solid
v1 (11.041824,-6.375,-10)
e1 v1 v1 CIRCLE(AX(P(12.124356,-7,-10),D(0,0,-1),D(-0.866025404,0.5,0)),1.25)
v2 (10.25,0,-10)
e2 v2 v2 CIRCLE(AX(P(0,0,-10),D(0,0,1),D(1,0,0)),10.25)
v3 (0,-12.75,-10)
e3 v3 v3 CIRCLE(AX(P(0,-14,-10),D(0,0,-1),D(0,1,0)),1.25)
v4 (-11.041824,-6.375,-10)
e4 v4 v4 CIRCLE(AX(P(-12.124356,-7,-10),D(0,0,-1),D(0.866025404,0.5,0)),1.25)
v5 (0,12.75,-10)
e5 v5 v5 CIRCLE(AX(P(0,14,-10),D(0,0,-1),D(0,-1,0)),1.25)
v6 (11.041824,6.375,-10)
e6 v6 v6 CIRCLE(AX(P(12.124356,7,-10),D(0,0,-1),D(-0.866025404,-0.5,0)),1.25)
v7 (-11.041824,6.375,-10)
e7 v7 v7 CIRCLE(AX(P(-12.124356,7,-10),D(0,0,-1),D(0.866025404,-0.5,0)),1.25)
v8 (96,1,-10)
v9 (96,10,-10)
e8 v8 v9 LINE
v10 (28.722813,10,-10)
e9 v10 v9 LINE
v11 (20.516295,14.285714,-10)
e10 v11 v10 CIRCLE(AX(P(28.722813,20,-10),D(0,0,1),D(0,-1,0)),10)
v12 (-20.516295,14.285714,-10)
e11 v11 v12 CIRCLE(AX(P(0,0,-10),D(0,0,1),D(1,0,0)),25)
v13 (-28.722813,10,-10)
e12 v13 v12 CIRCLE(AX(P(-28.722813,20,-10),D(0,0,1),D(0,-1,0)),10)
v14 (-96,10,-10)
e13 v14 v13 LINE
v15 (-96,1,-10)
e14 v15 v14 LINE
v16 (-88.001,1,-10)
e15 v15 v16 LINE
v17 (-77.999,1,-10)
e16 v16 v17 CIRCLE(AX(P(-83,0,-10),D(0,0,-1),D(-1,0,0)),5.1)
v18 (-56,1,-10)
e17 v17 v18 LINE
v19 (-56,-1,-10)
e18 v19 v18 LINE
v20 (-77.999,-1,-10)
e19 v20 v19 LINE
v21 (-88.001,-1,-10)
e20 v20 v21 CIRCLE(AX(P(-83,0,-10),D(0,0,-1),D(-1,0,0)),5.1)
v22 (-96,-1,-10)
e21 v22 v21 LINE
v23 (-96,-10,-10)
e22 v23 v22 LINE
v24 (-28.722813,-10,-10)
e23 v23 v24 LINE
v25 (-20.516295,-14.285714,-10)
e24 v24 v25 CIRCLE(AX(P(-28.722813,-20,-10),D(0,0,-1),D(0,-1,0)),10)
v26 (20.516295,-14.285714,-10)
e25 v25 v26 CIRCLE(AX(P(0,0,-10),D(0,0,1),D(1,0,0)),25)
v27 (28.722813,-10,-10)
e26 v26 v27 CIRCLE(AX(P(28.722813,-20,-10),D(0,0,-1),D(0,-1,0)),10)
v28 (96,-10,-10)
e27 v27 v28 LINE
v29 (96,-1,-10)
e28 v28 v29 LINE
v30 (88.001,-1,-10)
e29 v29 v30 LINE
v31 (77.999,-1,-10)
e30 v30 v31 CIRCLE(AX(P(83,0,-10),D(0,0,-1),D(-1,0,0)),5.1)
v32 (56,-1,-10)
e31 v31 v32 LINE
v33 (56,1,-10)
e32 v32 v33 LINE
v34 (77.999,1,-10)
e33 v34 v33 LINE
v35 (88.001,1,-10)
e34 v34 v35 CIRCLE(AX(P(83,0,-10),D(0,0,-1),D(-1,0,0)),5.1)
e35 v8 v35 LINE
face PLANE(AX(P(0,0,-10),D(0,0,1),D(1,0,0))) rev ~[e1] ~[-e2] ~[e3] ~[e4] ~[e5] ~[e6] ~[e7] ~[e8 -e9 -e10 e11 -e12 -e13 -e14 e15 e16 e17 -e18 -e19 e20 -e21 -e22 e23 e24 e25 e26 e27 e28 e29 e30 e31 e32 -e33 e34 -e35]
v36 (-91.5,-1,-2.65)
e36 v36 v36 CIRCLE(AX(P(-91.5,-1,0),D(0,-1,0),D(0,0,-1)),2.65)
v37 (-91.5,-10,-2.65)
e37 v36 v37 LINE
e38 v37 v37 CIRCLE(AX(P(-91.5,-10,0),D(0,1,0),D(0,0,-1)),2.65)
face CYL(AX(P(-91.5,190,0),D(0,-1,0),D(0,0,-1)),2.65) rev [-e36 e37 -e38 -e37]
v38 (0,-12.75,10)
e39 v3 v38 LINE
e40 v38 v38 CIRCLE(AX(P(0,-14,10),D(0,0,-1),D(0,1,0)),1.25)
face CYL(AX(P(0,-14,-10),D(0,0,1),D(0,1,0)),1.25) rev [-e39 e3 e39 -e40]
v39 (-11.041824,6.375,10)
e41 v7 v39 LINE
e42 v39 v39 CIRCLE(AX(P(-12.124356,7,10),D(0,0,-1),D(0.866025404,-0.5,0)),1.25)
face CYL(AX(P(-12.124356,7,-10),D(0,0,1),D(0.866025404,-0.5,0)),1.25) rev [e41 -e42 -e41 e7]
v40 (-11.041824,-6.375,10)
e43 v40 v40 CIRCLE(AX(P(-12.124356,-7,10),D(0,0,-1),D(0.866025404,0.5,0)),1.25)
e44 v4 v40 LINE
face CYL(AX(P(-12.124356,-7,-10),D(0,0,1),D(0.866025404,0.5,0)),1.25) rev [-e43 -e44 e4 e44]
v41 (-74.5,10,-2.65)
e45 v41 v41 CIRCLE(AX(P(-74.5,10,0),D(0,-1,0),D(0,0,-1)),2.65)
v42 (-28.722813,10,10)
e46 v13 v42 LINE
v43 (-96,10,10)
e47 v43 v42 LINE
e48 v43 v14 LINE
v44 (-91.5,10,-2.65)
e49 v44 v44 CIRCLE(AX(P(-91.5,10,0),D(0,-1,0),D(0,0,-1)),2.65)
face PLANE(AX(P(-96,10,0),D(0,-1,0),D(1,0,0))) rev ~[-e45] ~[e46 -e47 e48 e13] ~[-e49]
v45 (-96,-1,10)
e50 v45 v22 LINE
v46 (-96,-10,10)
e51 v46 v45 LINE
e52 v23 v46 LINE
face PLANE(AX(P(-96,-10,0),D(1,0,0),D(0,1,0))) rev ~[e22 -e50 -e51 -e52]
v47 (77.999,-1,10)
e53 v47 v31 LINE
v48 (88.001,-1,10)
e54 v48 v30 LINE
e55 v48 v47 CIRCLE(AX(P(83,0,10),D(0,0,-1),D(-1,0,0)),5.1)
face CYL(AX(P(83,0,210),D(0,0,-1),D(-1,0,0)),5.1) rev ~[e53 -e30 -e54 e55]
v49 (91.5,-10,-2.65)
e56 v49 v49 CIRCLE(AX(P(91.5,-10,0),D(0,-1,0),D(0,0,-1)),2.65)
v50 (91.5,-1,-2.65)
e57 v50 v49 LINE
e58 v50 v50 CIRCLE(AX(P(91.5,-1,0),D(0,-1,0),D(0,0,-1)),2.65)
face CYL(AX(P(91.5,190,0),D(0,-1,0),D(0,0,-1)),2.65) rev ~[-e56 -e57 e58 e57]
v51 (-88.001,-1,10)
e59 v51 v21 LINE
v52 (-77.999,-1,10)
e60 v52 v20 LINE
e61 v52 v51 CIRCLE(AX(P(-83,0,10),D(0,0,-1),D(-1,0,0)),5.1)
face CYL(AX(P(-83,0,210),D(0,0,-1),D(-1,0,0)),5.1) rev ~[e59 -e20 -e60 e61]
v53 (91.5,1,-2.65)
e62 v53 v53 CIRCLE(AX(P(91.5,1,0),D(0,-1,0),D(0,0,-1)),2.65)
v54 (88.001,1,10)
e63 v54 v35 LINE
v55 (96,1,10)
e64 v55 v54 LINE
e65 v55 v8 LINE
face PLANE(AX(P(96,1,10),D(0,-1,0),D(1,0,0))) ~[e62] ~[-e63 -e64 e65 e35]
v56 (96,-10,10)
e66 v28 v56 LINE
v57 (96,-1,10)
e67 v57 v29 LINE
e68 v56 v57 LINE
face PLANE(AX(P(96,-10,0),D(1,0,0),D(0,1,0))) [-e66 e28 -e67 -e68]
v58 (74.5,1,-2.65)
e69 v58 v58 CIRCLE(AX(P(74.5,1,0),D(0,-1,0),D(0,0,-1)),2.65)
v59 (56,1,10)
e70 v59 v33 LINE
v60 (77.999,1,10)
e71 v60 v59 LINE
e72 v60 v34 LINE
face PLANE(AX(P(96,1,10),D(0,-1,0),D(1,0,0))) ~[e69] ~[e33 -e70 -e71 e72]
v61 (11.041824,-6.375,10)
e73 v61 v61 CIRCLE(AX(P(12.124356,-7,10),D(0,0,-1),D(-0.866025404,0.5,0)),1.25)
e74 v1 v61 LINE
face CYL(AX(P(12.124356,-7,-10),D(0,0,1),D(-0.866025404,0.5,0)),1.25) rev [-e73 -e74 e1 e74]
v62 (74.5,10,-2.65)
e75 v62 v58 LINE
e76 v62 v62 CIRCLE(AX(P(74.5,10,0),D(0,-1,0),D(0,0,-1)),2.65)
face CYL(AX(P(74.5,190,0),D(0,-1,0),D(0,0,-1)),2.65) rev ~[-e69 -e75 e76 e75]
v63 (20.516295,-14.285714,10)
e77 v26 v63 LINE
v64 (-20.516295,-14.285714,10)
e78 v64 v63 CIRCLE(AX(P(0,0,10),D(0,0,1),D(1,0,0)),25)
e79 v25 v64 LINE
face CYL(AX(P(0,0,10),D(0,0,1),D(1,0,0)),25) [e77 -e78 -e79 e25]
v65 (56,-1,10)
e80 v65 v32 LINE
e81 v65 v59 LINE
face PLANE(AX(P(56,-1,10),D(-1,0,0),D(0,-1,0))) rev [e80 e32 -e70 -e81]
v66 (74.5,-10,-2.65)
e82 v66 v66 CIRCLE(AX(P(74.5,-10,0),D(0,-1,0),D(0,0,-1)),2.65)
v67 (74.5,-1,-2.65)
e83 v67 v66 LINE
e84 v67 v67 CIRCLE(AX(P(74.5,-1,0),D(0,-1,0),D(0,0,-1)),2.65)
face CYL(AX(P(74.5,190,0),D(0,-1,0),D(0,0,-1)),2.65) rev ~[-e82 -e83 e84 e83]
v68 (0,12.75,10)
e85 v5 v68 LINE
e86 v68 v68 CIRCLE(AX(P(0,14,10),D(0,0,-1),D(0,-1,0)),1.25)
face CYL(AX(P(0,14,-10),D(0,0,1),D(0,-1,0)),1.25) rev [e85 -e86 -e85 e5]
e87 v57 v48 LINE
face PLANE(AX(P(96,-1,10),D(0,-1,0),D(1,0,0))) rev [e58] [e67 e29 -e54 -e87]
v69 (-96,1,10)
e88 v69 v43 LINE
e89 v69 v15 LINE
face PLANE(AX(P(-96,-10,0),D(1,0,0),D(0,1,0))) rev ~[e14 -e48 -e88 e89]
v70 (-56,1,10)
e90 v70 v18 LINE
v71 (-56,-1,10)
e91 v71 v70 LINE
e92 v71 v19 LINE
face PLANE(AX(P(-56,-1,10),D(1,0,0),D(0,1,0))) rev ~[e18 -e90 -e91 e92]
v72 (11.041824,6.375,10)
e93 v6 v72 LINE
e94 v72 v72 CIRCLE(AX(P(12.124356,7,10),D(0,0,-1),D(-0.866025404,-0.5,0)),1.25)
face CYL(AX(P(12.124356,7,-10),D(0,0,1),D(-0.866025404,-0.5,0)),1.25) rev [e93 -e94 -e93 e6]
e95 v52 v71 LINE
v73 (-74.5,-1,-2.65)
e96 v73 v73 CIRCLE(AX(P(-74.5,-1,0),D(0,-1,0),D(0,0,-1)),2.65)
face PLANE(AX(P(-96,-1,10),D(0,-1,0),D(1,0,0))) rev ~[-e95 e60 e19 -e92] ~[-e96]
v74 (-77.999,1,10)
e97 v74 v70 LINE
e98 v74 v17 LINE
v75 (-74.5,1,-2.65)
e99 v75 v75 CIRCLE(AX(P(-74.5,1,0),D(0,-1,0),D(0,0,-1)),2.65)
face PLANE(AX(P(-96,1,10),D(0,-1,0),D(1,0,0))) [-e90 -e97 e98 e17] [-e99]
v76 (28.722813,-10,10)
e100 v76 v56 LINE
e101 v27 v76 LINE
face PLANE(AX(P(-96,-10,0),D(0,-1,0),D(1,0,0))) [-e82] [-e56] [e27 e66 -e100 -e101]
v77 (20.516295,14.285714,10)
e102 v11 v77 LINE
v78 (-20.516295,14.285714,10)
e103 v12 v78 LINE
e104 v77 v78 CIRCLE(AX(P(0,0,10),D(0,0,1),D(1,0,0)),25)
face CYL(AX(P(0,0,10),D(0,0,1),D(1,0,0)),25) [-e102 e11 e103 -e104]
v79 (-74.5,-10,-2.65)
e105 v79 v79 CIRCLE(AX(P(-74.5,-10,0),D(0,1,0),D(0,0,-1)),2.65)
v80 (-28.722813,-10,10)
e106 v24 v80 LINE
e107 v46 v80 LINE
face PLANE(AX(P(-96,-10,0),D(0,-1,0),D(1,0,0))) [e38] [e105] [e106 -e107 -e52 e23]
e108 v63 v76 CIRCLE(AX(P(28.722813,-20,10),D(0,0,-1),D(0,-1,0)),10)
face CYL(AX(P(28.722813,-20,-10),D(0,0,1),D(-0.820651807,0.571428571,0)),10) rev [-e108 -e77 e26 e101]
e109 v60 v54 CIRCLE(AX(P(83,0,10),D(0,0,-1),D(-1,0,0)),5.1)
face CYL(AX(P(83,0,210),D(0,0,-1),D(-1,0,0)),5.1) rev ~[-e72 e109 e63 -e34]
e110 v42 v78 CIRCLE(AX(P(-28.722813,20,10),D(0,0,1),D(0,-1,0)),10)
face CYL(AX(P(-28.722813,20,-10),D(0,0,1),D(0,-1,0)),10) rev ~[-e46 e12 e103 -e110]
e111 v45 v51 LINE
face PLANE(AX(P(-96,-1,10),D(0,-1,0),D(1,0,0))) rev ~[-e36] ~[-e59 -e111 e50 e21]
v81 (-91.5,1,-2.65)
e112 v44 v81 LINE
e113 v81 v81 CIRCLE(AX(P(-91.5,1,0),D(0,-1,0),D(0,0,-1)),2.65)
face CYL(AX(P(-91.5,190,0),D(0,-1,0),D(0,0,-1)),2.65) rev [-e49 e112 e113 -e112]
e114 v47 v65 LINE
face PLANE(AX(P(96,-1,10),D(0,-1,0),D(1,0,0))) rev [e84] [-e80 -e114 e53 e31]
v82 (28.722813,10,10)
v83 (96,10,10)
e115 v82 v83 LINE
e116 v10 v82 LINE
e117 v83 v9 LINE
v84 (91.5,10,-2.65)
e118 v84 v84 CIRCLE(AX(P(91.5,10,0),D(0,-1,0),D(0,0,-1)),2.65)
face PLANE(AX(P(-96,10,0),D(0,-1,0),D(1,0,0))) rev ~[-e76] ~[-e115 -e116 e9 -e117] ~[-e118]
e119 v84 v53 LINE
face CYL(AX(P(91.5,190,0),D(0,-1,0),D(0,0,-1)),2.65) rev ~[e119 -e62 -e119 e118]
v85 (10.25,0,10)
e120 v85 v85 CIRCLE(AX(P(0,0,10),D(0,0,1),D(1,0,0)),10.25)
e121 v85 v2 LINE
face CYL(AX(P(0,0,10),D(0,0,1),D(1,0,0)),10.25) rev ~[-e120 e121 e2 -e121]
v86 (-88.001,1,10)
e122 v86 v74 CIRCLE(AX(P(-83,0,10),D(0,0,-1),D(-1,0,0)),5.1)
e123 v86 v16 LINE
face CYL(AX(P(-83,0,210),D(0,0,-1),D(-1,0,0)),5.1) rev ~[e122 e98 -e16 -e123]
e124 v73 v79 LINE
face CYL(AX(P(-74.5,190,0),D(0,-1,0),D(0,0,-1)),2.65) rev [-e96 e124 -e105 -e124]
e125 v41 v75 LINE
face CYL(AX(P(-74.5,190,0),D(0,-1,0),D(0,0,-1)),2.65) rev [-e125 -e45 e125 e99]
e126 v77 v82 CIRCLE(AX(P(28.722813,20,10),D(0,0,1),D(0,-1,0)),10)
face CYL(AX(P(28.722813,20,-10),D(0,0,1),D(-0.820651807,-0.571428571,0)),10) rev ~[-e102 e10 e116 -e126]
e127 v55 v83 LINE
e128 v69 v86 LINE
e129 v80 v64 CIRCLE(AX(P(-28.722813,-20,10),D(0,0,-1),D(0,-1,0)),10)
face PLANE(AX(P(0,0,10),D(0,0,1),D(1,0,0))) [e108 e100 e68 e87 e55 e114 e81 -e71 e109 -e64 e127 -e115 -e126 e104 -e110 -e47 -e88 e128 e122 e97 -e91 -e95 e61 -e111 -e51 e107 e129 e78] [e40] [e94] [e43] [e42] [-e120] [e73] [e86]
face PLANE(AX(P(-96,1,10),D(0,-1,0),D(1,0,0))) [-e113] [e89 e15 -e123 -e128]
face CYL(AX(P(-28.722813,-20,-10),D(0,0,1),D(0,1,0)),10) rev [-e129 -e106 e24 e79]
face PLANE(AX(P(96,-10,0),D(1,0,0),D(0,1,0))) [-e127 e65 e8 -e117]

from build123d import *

# Parameters (mm, degrees)
CROQUIS1_W                            = 192
CROQUIS1_H                            = 20
SALIENTE_EXTRUIR1_DEPTH               = 10
TALADRO_DE_MARGEN_PARA_M81_D          = 10.2
TALADRO_DE_MARGEN_PARA_M81_DEPTH      = 200
TALADRO_DE_MARGEN_PARA_M81_TIP        = 3.064389157
CROQUIS5_W                            = 40
CROQUIS5_H                            = 2
CORTAR_EXTRUIR1_DEPTH                 = 20
TALADRO_DE_MARGEN_PARA_M51_AT_2_COUNT = 2
TALADRO_DE_MARGEN_PARA_M51_AT_2_PITCH = 17
CROQUIS10_R                           = 25
SALIENTE_EXTRUIR2_DEPTH               = 20
CROQUIS11_R                           = 10.25
CORTAR_EXTRUIR2_DEPTH                 = 30
REDONDEO1_R                           = 10
MATRIZC1_COUNT                        = 6


with BuildPart() as part:
    # Croquis1 → Saliente-Extruir1 (new, symmetric)
    with BuildSketch(Plane.XY):
        Rectangle(CROQUIS1_W, CROQUIS1_H)
    extrude(amount=SALIENTE_EXTRUIR1_DEPTH, both=True)

    # Taladro de margen para M81
    with Locations(Plane.XY.offset(10)):
        with Locations((-83, 0), (83, 0)):
            Hole(TALADRO_DE_MARGEN_PARA_M81_D / 2, depth=TALADRO_DE_MARGEN_PARA_M81_DEPTH)
            with Locations((0, 0, -(TALADRO_DE_MARGEN_PARA_M81_DEPTH + TALADRO_DE_MARGEN_PARA_M81_TIP / 2))):  # 118° drill point
                Cone(0, TALADRO_DE_MARGEN_PARA_M81_D / 2, TALADRO_DE_MARGEN_PARA_M81_TIP, mode=Mode.SUBTRACT)

    # Croquis5 → Cortar-Extruir1 (cut)
    with BuildSketch(Plane.XY.offset(10)):
        with Locations((-76, 0)):
            Rectangle(CROQUIS5_W, CROQUIS5_H)
    cortar_extruir1 = extrude(amount=-CORTAR_EXTRUIR1_DEPTH, mode=Mode.SUBTRACT)

    # Croquis8 → Taladro de margen para M51 (revolve, cut)
    with BuildSketch(Plane(origin=(-91.5, -10, 0), x_dir=(0, 0, -1), z_dir=(1, 0, 0))):
        Polygon((0, 0), (0, 201.59228064), (2.65, 200), (2.65, 0), align=None)
    taladro_de_margen_para_m51 = revolve(axis=Axis((-91.5, -16.35, 0), (0, 1, 0)), mode=Mode.SUBTRACT)

    # Taladro de margen para M51 at 2: Taladro de margen para M51 ×2
    with Locations(*[(i * TALADRO_DE_MARGEN_PARA_M51_AT_2_PITCH, 0, 0) for i in range(1, TALADRO_DE_MARGEN_PARA_M51_AT_2_COUNT)]):
        add(taladro_de_margen_para_m51, mode=Mode.SUBTRACT)

    # Simetría1: Cortar-Extruir1, Taladro de margen para M51 across plane
    add(cortar_extruir1.mirror(Plane(origin=(0, 0, 0), x_dir=(0, 0, 1), z_dir=(1, 0, 0))), mode=Mode.SUBTRACT)
    add(taladro_de_margen_para_m51.mirror(Plane(origin=(0, 0, 0), x_dir=(0, 0, 1), z_dir=(1, 0, 0))), mode=Mode.SUBTRACT)

    # Simetría1 copy 1 sketch → Simetría1 copy 1 (revolve, cut)
    with BuildSketch(Plane(origin=(74.5, -10, 0), x_dir=(0, 0, -1), z_dir=(-1, 0, 0))):
        Polygon((0, 0), (0, -201.59228064), (2.65, -200), (2.65, 0), align=None)
    revolve(axis=Axis((74.5, -16.35, 0), (0, -1, 0)), mode=Mode.SUBTRACT)

    # Croquis10 → Saliente-Extruir2 (add)
    with BuildSketch(Plane.XY.offset(10)):
        Circle(CROQUIS10_R)
    extrude(amount=-SALIENTE_EXTRUIR2_DEPTH)

    # Croquis11 → Cortar-Extruir2 (cut)
    with BuildSketch(Plane.XY.offset(10)):
        Circle(CROQUIS11_R)
    extrude(amount=-CORTAR_EXTRUIR2_DEPTH, mode=Mode.SUBTRACT)

    # Redondeo1
    redondeo1_edges = [part.edges().sort_by_distance(p)[0] for p in [
        (-22.912878475, 10, 0),
        (22.912878475, 10, 0),
        (-22.912878475, -10, 0),
        (22.912878475, -10, 0),
    ]]
    fillet(redondeo1_edges, radius=REDONDEO1_R)

    # Croquis12 → Taladro roscado M31 (revolve, cut)
    with BuildSketch(Plane(origin=(0, 14, 10), x_dir=(0, -1, 0), z_dir=(1, 0, 0))):
        Polygon((0, 0), (0, 20.751075774), (1.25, 20), (1.25, 0), align=None)
    taladro_roscado_m31 = revolve(axis=Axis((0, 14, 16.35), (0, 0, -1)), mode=Mode.SUBTRACT)

    # MatrizC1: Taladro roscado M31 ×6 about axis
    matrizc1_axis = Axis((0, 0, 0), (0, 0, 1))
    for i in range(1, MATRIZC1_COUNT):
        add(taladro_roscado_m31.rotate(matrizc1_axis, i * 360 / MATRIZC1_COUNT), mode=Mode.SUBTRACT)


solid = part.part
